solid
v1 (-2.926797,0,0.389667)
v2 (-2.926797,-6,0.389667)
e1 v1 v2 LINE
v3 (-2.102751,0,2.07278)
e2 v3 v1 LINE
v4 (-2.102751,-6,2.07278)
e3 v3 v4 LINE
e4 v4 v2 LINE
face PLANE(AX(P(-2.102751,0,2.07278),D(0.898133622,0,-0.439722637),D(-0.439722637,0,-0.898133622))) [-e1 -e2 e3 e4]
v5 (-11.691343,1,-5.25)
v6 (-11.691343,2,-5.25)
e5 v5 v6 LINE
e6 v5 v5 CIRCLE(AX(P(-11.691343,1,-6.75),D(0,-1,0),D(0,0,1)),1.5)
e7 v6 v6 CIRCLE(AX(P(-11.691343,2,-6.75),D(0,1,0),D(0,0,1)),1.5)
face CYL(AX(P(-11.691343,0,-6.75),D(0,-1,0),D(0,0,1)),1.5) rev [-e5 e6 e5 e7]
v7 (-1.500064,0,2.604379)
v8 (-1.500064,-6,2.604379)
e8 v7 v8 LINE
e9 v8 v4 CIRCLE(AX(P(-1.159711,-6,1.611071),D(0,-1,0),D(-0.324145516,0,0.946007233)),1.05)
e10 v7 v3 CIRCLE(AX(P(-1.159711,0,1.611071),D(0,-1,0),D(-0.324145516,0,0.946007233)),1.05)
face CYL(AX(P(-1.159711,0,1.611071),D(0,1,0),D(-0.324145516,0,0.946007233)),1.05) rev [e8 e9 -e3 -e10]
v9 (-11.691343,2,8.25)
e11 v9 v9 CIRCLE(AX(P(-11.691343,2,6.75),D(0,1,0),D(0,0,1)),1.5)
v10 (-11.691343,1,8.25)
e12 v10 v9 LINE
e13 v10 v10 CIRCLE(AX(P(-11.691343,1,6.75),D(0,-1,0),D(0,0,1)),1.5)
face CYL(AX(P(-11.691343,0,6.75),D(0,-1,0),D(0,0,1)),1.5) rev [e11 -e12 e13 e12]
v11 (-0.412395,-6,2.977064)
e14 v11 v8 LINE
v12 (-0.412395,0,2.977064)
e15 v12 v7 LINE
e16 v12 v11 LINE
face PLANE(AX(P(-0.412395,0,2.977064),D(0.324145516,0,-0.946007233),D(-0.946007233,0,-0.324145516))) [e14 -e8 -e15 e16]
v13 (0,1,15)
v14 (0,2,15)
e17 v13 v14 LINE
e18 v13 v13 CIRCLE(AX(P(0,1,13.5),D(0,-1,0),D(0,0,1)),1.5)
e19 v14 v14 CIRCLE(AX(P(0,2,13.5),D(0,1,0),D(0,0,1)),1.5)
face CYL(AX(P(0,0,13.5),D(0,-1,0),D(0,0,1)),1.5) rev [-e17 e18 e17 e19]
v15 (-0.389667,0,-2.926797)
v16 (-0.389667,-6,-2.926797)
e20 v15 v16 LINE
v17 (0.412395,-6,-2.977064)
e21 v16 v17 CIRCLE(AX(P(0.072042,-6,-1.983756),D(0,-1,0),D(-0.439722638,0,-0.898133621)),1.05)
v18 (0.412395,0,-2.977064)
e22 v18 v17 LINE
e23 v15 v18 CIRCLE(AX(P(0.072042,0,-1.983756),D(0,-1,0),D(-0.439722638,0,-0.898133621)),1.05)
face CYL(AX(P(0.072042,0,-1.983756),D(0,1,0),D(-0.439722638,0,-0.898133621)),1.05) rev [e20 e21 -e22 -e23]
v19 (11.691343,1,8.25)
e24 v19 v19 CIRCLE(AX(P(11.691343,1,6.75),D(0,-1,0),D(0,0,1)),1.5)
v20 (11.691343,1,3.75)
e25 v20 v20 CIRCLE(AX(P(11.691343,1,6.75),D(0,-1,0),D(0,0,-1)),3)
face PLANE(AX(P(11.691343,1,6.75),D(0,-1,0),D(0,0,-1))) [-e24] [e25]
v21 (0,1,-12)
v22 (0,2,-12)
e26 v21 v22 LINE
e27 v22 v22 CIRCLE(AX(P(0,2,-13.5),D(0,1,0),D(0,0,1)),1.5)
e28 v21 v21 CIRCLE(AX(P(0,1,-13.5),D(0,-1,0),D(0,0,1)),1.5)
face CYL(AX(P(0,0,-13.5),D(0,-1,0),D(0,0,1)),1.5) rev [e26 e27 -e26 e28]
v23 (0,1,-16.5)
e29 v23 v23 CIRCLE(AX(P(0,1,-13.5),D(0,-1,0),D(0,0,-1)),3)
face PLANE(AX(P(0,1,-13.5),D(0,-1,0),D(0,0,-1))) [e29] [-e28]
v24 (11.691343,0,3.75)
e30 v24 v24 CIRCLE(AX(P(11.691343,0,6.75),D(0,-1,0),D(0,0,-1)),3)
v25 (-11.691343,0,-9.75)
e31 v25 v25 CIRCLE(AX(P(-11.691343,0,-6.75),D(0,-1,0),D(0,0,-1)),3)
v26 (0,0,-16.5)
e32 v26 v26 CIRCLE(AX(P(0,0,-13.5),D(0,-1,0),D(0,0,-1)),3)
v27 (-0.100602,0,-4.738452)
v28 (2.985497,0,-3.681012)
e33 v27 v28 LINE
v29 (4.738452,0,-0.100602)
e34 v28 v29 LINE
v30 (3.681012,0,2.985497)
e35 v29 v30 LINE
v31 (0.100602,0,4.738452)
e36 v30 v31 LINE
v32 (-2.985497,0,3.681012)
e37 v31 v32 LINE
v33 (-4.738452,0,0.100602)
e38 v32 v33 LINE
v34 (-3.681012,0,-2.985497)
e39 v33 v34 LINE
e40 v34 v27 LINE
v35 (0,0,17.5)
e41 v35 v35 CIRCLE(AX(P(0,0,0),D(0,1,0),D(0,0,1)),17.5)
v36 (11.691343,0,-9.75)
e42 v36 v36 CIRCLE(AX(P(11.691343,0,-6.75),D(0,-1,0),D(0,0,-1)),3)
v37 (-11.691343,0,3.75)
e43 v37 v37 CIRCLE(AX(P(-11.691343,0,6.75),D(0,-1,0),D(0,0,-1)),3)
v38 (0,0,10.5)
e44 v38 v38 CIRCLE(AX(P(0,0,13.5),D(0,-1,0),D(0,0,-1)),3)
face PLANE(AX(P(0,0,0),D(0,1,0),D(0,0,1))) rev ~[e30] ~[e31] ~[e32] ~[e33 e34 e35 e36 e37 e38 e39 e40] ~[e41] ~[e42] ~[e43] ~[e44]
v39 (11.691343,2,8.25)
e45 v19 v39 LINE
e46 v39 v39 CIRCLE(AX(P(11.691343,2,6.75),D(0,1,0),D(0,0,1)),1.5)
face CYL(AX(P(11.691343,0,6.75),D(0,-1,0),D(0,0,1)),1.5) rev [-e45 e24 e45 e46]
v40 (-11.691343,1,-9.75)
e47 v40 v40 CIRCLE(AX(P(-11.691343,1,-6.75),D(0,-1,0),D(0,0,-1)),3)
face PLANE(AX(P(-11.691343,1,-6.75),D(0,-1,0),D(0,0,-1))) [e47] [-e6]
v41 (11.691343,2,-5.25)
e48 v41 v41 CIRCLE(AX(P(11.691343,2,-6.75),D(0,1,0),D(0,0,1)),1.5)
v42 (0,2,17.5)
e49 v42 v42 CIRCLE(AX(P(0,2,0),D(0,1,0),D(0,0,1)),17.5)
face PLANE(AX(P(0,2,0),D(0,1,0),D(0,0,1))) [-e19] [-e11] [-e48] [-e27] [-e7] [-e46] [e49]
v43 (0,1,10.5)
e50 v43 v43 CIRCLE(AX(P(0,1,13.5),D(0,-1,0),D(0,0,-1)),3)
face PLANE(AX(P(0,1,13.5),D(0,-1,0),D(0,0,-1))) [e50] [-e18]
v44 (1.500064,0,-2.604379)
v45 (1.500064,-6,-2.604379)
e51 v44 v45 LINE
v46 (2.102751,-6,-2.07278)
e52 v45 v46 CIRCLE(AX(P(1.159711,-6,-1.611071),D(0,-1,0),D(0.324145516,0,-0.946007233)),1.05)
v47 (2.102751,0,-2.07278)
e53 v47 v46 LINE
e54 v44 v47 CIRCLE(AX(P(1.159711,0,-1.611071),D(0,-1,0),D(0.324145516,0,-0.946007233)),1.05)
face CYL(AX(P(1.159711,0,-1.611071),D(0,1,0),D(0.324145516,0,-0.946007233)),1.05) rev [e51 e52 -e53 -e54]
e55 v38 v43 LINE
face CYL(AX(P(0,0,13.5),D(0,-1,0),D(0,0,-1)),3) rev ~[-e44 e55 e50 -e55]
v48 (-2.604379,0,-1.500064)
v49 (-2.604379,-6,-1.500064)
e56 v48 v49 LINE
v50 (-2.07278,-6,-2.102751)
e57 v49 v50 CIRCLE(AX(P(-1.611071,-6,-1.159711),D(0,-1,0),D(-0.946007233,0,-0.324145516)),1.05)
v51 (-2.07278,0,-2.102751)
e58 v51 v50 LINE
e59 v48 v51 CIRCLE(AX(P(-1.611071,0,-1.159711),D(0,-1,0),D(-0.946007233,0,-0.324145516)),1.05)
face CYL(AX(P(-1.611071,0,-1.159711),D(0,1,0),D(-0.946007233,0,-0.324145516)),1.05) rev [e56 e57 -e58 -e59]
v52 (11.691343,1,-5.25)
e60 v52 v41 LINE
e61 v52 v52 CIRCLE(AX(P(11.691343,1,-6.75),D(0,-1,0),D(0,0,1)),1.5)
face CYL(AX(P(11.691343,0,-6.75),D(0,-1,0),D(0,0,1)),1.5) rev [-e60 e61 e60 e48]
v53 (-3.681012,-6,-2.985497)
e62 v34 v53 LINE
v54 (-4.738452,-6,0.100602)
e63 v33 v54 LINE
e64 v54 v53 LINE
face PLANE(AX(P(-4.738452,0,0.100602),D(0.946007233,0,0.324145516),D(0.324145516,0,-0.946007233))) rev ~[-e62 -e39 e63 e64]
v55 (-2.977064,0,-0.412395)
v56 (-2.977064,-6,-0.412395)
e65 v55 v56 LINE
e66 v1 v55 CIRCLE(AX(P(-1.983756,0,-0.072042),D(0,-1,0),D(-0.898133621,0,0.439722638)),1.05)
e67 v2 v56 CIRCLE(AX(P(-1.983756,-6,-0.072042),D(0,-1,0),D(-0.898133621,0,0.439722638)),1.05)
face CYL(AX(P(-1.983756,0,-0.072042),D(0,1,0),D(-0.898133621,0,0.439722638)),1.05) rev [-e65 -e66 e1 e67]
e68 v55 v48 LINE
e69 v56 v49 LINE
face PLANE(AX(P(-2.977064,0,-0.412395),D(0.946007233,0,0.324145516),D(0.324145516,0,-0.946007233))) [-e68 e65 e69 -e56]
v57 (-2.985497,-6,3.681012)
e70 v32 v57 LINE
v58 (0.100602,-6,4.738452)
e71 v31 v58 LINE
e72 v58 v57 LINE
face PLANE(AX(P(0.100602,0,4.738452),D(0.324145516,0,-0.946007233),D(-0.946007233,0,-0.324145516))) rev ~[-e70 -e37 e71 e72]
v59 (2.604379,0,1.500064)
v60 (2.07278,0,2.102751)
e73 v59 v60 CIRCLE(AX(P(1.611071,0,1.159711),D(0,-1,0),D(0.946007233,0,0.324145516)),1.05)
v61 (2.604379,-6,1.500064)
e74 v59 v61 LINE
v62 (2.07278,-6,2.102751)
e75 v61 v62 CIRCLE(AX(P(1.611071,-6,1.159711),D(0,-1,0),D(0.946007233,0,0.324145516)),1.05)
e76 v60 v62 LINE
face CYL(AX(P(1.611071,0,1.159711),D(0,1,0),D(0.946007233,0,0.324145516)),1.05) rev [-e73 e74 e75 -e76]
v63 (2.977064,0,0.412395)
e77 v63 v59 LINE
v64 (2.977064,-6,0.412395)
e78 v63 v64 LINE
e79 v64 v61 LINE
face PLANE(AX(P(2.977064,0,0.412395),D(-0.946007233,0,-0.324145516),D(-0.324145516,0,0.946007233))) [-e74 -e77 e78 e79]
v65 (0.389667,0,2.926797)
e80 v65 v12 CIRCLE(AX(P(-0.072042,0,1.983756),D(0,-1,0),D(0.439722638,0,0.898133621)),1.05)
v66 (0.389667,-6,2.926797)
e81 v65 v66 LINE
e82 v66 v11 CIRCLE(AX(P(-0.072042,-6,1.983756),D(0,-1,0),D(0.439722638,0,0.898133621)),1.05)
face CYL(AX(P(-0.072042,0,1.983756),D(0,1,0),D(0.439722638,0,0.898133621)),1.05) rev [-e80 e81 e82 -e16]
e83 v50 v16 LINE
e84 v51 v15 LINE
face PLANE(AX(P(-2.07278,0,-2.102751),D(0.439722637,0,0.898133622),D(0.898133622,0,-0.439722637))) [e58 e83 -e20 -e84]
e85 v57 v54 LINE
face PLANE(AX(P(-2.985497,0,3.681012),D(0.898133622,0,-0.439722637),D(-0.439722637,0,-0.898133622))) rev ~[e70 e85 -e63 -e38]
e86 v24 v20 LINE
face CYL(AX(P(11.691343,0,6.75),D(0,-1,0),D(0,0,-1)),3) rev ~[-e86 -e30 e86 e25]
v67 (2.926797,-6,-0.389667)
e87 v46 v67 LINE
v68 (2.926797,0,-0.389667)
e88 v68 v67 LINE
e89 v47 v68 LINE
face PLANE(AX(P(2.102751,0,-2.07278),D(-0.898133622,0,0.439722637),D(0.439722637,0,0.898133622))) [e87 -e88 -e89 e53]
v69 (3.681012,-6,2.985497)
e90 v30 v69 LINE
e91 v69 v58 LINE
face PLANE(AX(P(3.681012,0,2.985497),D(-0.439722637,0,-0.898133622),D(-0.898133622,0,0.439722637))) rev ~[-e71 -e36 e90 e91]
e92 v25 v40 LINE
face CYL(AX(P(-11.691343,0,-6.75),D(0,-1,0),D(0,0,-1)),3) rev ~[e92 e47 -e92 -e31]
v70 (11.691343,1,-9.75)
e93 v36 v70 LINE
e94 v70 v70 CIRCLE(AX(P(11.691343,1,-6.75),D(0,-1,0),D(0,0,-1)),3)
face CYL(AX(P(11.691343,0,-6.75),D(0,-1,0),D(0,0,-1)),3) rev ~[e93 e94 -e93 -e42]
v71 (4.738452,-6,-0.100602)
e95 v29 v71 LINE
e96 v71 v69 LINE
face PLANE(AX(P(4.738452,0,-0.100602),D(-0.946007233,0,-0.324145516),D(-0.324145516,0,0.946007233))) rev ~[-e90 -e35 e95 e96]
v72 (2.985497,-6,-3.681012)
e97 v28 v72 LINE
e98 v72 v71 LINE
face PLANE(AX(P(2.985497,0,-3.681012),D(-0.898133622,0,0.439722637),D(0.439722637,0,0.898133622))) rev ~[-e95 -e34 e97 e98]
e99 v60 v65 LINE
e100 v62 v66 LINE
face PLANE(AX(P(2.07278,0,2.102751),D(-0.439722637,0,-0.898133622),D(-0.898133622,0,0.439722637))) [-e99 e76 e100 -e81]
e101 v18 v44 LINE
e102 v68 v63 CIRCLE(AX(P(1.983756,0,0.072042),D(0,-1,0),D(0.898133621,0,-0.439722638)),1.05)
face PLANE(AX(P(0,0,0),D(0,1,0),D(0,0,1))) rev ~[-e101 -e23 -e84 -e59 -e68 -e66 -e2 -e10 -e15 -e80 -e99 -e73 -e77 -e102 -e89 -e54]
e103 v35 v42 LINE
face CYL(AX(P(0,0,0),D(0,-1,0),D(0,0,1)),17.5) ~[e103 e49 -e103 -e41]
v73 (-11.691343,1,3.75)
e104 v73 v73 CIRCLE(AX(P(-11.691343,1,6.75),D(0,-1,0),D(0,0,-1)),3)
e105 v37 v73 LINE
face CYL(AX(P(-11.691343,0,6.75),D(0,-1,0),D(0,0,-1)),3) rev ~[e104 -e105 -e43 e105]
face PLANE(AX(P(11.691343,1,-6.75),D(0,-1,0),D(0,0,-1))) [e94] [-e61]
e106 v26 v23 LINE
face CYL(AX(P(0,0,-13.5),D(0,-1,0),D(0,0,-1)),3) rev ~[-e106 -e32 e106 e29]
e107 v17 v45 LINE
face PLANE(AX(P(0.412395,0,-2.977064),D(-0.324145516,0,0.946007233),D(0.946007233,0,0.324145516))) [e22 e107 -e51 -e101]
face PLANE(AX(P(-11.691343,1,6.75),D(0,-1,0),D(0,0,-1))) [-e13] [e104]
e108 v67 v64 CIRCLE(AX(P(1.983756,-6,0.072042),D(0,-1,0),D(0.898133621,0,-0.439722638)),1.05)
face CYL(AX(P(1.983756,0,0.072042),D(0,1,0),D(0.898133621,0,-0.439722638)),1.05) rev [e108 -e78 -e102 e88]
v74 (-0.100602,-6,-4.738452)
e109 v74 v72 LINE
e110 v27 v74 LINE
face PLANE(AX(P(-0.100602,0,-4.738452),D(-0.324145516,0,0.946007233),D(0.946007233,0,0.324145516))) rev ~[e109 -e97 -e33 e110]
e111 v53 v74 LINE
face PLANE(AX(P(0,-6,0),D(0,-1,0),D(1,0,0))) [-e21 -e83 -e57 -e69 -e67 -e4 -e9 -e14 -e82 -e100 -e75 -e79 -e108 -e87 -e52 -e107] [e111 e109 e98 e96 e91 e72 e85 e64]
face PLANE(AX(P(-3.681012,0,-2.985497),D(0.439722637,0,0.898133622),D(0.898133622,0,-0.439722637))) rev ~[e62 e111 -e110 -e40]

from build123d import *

# Parameters (mm, degrees)
SKETCH_1_R          = 17.5
SKETCH_1_R_2        = 1.5
EXTRUDE_1_DEPTH     = 2
EXTRUDE_2_DEPTH     = 6
SKETCH_5_R          = 3
CUT_EXTRUDE_1_DEPTH = 1


with BuildPart() as part:
    # 草图1 → 凸台-拉伸1 (new body)
    with BuildSketch(Plane(origin=(0, 0, 0), x_dir=(1, 0, 0), z_dir=(0, 1, 0))):
        with Locations(Location((0, 0, 0), (0, 0, 270))):
            Circle(SKETCH_1_R)
        with Locations(Location((0, -13.5, 0), (0, 0, 270))):
            Circle(SKETCH_1_R_2, mode=Mode.SUBTRACT)
        with Locations(Location((-11.691342951, -6.75, 0), (0, 0, 270))):
            Circle(SKETCH_1_R_2, mode=Mode.SUBTRACT)
        with Locations(Location((-11.691342951, 6.75, 0), (0, 0, 270))):
            Circle(SKETCH_1_R_2, mode=Mode.SUBTRACT)
        with Locations(Location((0, 13.5, 0), (0, 0, 270))):
            Circle(SKETCH_1_R_2, mode=Mode.SUBTRACT)
        with Locations(Location((11.691342951, 6.75, 0), (0, 0, 270))):
            Circle(SKETCH_1_R_2, mode=Mode.SUBTRACT)
        with Locations(Location((11.691342951, -6.75, 0), (0, 0, 270))):
            Circle(SKETCH_1_R_2, mode=Mode.SUBTRACT)
    extrude(amount=EXTRUDE_1_DEPTH)

    # 草图4 → 凸台-拉伸2 (add)
    with BuildSketch(Plane.XZ):
        Polygon((-2.985497273, 3.681012496), (-4.738451875, 0.10060218), (-3.681012496, -2.985497273), (-0.10060218, -4.738451875), (2.985497273, -3.681012496), (4.738451875, -0.10060218), (3.681012496, 2.985497273), (0.10060218, 4.738451875), align=None)
        with BuildLine():
            Line((-0.412394562, 2.97706408), (-1.500063983, 2.604378593))
            ThreePointArc((-1.500063983, 2.604378593), (-1.854278529, 2.39852018), (-2.102751494, 2.072779767))
            Line((-2.102751494, 2.072779767), (-2.926796788, 0.389666998))
            ThreePointArc((-2.926796788, 0.389666998), (-3.031700416, -0.006364389), (-2.97706408, -0.412394562))
            Line((-2.97706408, -0.412394562), (-2.604378593, -1.500063983))
            ThreePointArc((-2.604378593, -1.500063983), (-2.39852018, -1.854278529), (-2.072779767, -2.102751494))
            Line((-2.072779767, -2.102751494), (-0.389666998, -2.926796788))
            ThreePointArc((-0.389666998, -2.926796788), (0.006364389, -3.031700416), (0.412394562, -2.97706408))
            Line((0.412394562, -2.97706408), (1.500063983, -2.604378593))
            ThreePointArc((1.500063983, -2.604378593), (1.854278529, -2.39852018), (2.102751494, -2.072779767))
            Line((2.102751494, -2.072779767), (2.926796788, -0.389666998))
            ThreePointArc((2.926796788, -0.389666998), (3.031700416, 0.006364389), (2.97706408, 0.412394562))
            Line((2.97706408, 0.412394562), (2.604378593, 1.500063983))
            ThreePointArc((2.604378593, 1.500063983), (2.39852018, 1.854278529), (2.072779767, 2.102751494))
            Line((2.072779767, 2.102751494), (0.389666998, 2.926796788))
            ThreePointArc((0.389666998, 2.926796788), (-0.006364389, 3.031700416), (-0.412394562, 2.97706408))
        make_face(mode=Mode.SUBTRACT)
    extrude(amount=EXTRUDE_2_DEPTH)

    # 草图5 → 切除-拉伸1 (cut)
    with BuildSketch(Plane.XZ):
        with Locations(Location((-11.691342951, 6.75, 0), (0, 0, 270))):
            Circle(SKETCH_5_R)
        with Locations(Location((0, 13.5, 0), (0, 0, 270))):
            Circle(SKETCH_5_R)
        with Locations(Location((11.691342951, 6.75, 0), (0, 0, 270))):
            Circle(SKETCH_5_R)
        with Locations(Location((11.691342951, -6.75, 0), (0, 0, 270))):
            Circle(SKETCH_5_R)
        with Locations(Location((0, -13.5, 0), (0, 0, 270))):
            Circle(SKETCH_5_R)
        with Locations(Location((-11.691342951, -6.75, 0), (0, 0, 270))):
            Circle(SKETCH_5_R)
    extrude(amount=-CUT_EXTRUDE_1_DEPTH, mode=Mode.SUBTRACT)


solid = part.part
